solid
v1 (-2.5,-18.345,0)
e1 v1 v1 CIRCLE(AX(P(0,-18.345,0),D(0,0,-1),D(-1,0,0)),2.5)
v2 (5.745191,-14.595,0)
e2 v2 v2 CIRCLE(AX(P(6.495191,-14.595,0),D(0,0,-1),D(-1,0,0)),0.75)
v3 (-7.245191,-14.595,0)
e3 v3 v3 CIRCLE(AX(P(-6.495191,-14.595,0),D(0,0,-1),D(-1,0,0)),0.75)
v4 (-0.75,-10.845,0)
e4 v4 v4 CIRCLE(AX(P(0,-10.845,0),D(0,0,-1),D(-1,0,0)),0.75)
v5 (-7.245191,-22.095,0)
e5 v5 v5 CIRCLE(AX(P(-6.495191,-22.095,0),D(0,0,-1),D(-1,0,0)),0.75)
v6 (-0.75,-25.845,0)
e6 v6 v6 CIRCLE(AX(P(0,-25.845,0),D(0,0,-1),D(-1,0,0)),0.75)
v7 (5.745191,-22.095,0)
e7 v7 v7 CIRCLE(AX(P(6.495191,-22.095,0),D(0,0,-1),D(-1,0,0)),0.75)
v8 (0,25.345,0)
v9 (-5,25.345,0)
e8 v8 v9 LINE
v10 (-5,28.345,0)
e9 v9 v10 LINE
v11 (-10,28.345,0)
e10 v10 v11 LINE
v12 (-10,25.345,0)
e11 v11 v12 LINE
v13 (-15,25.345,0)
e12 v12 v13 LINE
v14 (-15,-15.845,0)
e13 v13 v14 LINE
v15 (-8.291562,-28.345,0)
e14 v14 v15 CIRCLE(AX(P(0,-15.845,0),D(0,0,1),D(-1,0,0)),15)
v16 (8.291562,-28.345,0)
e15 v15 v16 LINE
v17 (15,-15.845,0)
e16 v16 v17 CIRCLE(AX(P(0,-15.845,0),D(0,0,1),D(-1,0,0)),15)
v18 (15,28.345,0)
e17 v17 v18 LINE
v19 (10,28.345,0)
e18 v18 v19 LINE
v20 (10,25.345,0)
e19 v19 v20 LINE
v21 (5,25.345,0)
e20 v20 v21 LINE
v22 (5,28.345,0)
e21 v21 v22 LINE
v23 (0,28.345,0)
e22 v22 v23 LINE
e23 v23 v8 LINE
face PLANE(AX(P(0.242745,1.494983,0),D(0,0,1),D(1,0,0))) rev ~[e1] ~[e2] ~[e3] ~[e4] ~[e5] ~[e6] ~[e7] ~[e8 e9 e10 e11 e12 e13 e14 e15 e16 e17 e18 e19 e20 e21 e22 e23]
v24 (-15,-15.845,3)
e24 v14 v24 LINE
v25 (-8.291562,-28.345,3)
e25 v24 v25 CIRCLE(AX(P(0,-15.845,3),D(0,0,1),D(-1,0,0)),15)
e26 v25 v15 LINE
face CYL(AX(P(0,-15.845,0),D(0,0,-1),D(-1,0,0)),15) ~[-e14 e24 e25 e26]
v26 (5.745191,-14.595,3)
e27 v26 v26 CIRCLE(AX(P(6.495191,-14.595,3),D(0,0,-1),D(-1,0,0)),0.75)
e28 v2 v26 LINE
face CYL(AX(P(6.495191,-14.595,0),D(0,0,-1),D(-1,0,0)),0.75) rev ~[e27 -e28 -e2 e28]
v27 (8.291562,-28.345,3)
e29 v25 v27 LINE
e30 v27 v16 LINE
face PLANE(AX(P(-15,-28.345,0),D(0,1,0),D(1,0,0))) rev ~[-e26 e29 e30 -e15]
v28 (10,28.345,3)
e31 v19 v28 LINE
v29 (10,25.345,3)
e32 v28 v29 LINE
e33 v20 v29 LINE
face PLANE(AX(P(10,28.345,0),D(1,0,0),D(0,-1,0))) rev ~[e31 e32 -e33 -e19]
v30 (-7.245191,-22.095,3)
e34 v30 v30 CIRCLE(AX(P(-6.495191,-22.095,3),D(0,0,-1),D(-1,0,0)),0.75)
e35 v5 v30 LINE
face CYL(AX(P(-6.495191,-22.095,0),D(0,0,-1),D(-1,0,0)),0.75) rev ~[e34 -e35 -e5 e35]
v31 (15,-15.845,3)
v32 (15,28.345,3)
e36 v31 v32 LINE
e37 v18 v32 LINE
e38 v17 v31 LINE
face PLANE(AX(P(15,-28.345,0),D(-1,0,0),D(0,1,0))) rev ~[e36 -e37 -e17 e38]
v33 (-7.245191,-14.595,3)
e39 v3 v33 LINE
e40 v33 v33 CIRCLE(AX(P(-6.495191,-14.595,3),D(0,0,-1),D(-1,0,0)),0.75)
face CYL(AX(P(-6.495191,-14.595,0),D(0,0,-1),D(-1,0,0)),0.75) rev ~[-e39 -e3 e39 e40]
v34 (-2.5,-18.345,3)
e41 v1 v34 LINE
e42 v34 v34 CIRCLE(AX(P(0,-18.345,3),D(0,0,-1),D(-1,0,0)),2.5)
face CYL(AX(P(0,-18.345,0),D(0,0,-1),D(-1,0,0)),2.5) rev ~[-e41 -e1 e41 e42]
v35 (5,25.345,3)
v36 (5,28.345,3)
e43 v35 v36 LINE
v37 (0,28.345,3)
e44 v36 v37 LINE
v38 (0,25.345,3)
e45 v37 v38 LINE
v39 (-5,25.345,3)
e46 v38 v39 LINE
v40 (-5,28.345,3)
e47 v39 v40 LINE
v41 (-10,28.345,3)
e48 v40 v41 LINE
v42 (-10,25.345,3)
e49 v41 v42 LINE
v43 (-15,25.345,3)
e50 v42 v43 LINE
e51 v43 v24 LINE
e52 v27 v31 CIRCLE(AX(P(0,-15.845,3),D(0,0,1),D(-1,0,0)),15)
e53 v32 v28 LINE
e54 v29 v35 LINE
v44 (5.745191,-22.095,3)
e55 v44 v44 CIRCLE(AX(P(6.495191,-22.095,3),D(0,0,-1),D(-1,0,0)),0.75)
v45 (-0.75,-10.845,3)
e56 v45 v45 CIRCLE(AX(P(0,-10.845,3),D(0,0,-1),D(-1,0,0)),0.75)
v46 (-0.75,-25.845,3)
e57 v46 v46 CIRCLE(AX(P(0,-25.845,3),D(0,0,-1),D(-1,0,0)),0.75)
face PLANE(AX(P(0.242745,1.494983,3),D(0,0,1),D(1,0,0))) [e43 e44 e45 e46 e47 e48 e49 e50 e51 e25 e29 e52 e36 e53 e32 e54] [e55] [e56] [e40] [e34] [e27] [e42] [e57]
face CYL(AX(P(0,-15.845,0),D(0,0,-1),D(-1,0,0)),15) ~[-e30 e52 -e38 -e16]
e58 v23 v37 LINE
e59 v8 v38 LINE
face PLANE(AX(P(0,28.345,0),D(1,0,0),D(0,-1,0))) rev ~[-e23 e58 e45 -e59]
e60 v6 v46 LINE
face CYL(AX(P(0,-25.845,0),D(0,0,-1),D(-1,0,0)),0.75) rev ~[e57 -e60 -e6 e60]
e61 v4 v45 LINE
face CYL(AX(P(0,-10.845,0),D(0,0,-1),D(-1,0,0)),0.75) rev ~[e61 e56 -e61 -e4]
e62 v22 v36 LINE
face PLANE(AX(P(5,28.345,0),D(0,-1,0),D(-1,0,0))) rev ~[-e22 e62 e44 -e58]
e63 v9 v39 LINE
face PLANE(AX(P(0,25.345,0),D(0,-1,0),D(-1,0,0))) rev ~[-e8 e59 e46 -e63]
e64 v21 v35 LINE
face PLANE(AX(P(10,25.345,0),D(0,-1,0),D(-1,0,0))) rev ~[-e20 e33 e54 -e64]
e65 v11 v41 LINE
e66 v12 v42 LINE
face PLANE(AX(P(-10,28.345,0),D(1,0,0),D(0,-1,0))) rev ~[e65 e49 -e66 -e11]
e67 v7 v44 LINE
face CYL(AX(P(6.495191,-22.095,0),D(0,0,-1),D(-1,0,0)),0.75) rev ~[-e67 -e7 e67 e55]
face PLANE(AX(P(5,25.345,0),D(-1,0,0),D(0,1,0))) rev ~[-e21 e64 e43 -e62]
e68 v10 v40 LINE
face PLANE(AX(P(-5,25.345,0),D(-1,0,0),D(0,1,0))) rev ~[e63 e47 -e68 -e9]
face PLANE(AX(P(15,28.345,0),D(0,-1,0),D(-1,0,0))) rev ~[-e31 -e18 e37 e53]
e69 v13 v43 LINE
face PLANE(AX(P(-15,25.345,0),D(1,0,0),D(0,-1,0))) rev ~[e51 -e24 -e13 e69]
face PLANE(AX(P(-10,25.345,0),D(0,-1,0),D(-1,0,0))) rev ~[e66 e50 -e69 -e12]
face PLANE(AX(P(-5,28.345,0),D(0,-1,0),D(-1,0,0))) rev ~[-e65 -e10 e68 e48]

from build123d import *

# Parameters (mm, degrees)
SALIENTE_EXTRUIR1_DEPTH = 3
CORTAR_EXTRUIR1_DEPTH   = 3
CORTAR_EXTRUIR2_REACH   = 34.209
CROQUIS3_R              = 0.75
CROQUIS3_R_2            = 2.5


with BuildPart() as part:
    # Croquis1 → Saliente-Extruir1 (new body)
    with BuildSketch(Plane.XY):
        Polygon((-15, -28.345), (15, -28.345), (15, 28.345), (10, 28.345), (10, 25.345), (5, 25.345), (5, 28.345), (0, 28.345), (0, 25.345), (-5, 25.345), (-5, 28.345), (-10, 28.345), (-10, 25.345), (-15, 25.345), align=None)
    extrude(amount=SALIENTE_EXTRUIR1_DEPTH)

    # Croquis2 → Cortar-Extruir1 (cut)
    with BuildSketch(Plane(origin=(0, 0, 0), x_dir=(-1, 0, 0), z_dir=(0, 0, -1))):
        with BuildLine():
            Line((-15, -15.845), (-21.186751232, -15.845))
            Line((-21.186751232, -15.845), (-21.186751232, -34.648085908))
            Line((-21.186751232, -34.648085908), (21.188955731, -34.648085908))
            Line((21.188955731, -34.648085908), (21.188955731, -15.845))
            Line((21.188955731, -15.845), (15, -15.845))
            ThreePointArc((15, -15.845), (0, -30.845), (-15, -15.845))
        make_face()
    extrude(amount=-CORTAR_EXTRUIR1_DEPTH, mode=Mode.SUBTRACT)

    # Croquis3 → Cortar-Extruir2 (cut, up to next)
    with BuildSketch(Plane(origin=(0, 0, 0), x_dir=(-1, 0, 0), z_dir=(0, 0, -1)), mode=Mode.PRIVATE) as cortar_extruir2_sk1:
        with Locations((0, -10.845)):
            Circle(CROQUIS3_R)
    cortar_extruir2_tool1 = extrude(cortar_extruir2_sk1.sketch, amount=-CORTAR_EXTRUIR2_REACH, mode=Mode.PRIVATE) & part.part
    # Croquis3 → Cortar-Extruir2 (cut, up to next)
    with BuildSketch(Plane(origin=(0, 0, 0), x_dir=(-1, 0, 0), z_dir=(0, 0, -1)), mode=Mode.PRIVATE) as cortar_extruir2_sk2:
        with Locations((6.495190528, -14.595)):
            Circle(CROQUIS3_R)
    cortar_extruir2_tool2 = extrude(cortar_extruir2_sk2.sketch, amount=-CORTAR_EXTRUIR2_REACH, mode=Mode.PRIVATE) & part.part
    # Croquis3 → Cortar-Extruir2 (cut, up to next)
    with BuildSketch(Plane(origin=(0, 0, 0), x_dir=(-1, 0, 0), z_dir=(0, 0, -1)), mode=Mode.PRIVATE) as cortar_extruir2_sk3:
        with Locations((6.495190528, -22.095)):
            Circle(CROQUIS3_R)
    cortar_extruir2_tool3 = extrude(cortar_extruir2_sk3.sketch, amount=-CORTAR_EXTRUIR2_REACH, mode=Mode.PRIVATE) & part.part
    # Croquis3 → Cortar-Extruir2 (cut, up to next)
    with BuildSketch(Plane(origin=(0, 0, 0), x_dir=(-1, 0, 0), z_dir=(0, 0, -1)), mode=Mode.PRIVATE) as cortar_extruir2_sk4:
        with Locations((0, -25.845)):
            Circle(CROQUIS3_R)
    cortar_extruir2_tool4 = extrude(cortar_extruir2_sk4.sketch, amount=-CORTAR_EXTRUIR2_REACH, mode=Mode.PRIVATE) & part.part
    # Croquis3 → Cortar-Extruir2 (cut, up to next)
    with BuildSketch(Plane(origin=(0, 0, 0), x_dir=(-1, 0, 0), z_dir=(0, 0, -1)), mode=Mode.PRIVATE) as cortar_extruir2_sk5:
        with Locations((-6.495190528, -22.095)):
            Circle(CROQUIS3_R)
    cortar_extruir2_tool5 = extrude(cortar_extruir2_sk5.sketch, amount=-CORTAR_EXTRUIR2_REACH, mode=Mode.PRIVATE) & part.part
    # Croquis3 → Cortar-Extruir2 (cut, up to next)
    with BuildSketch(Plane(origin=(0, 0, 0), x_dir=(-1, 0, 0), z_dir=(0, 0, -1)), mode=Mode.PRIVATE) as cortar_extruir2_sk6:
        with Locations((-6.495190528, -14.595)):
            Circle(CROQUIS3_R)
    cortar_extruir2_tool6 = extrude(cortar_extruir2_sk6.sketch, amount=-CORTAR_EXTRUIR2_REACH, mode=Mode.PRIVATE) & part.part
    # Croquis3 → Cortar-Extruir2 (cut, up to next)
    with BuildSketch(Plane(origin=(0, 0, 0), x_dir=(-1, 0, 0), z_dir=(0, 0, -1)), mode=Mode.PRIVATE) as cortar_extruir2_sk7:
        with Locations((0, -18.345)):
            Circle(CROQUIS3_R_2)
    cortar_extruir2_tool7 = extrude(cortar_extruir2_sk7.sketch, amount=-CORTAR_EXTRUIR2_REACH, mode=Mode.PRIVATE) & part.part
    add(cortar_extruir2_tool1.solids().sort_by_distance((0, -10.845, 0))[0], mode=Mode.SUBTRACT)
    add(cortar_extruir2_tool2.solids().sort_by_distance((-6.495191, -14.595, 0))[0], mode=Mode.SUBTRACT)
    add(cortar_extruir2_tool3.solids().sort_by_distance((-6.495191, -22.095, 0))[0], mode=Mode.SUBTRACT)
    add(cortar_extruir2_tool4.solids().sort_by_distance((0, -25.845, 0))[0], mode=Mode.SUBTRACT)
    add(cortar_extruir2_tool5.solids().sort_by_distance((6.495191, -22.095, 0))[0], mode=Mode.SUBTRACT)
    add(cortar_extruir2_tool6.solids().sort_by_distance((6.495191, -14.595, 0))[0], mode=Mode.SUBTRACT)
    add(cortar_extruir2_tool7.solids().sort_by_distance((0, -18.345, 0))[0], mode=Mode.SUBTRACT)


solid = part.part
